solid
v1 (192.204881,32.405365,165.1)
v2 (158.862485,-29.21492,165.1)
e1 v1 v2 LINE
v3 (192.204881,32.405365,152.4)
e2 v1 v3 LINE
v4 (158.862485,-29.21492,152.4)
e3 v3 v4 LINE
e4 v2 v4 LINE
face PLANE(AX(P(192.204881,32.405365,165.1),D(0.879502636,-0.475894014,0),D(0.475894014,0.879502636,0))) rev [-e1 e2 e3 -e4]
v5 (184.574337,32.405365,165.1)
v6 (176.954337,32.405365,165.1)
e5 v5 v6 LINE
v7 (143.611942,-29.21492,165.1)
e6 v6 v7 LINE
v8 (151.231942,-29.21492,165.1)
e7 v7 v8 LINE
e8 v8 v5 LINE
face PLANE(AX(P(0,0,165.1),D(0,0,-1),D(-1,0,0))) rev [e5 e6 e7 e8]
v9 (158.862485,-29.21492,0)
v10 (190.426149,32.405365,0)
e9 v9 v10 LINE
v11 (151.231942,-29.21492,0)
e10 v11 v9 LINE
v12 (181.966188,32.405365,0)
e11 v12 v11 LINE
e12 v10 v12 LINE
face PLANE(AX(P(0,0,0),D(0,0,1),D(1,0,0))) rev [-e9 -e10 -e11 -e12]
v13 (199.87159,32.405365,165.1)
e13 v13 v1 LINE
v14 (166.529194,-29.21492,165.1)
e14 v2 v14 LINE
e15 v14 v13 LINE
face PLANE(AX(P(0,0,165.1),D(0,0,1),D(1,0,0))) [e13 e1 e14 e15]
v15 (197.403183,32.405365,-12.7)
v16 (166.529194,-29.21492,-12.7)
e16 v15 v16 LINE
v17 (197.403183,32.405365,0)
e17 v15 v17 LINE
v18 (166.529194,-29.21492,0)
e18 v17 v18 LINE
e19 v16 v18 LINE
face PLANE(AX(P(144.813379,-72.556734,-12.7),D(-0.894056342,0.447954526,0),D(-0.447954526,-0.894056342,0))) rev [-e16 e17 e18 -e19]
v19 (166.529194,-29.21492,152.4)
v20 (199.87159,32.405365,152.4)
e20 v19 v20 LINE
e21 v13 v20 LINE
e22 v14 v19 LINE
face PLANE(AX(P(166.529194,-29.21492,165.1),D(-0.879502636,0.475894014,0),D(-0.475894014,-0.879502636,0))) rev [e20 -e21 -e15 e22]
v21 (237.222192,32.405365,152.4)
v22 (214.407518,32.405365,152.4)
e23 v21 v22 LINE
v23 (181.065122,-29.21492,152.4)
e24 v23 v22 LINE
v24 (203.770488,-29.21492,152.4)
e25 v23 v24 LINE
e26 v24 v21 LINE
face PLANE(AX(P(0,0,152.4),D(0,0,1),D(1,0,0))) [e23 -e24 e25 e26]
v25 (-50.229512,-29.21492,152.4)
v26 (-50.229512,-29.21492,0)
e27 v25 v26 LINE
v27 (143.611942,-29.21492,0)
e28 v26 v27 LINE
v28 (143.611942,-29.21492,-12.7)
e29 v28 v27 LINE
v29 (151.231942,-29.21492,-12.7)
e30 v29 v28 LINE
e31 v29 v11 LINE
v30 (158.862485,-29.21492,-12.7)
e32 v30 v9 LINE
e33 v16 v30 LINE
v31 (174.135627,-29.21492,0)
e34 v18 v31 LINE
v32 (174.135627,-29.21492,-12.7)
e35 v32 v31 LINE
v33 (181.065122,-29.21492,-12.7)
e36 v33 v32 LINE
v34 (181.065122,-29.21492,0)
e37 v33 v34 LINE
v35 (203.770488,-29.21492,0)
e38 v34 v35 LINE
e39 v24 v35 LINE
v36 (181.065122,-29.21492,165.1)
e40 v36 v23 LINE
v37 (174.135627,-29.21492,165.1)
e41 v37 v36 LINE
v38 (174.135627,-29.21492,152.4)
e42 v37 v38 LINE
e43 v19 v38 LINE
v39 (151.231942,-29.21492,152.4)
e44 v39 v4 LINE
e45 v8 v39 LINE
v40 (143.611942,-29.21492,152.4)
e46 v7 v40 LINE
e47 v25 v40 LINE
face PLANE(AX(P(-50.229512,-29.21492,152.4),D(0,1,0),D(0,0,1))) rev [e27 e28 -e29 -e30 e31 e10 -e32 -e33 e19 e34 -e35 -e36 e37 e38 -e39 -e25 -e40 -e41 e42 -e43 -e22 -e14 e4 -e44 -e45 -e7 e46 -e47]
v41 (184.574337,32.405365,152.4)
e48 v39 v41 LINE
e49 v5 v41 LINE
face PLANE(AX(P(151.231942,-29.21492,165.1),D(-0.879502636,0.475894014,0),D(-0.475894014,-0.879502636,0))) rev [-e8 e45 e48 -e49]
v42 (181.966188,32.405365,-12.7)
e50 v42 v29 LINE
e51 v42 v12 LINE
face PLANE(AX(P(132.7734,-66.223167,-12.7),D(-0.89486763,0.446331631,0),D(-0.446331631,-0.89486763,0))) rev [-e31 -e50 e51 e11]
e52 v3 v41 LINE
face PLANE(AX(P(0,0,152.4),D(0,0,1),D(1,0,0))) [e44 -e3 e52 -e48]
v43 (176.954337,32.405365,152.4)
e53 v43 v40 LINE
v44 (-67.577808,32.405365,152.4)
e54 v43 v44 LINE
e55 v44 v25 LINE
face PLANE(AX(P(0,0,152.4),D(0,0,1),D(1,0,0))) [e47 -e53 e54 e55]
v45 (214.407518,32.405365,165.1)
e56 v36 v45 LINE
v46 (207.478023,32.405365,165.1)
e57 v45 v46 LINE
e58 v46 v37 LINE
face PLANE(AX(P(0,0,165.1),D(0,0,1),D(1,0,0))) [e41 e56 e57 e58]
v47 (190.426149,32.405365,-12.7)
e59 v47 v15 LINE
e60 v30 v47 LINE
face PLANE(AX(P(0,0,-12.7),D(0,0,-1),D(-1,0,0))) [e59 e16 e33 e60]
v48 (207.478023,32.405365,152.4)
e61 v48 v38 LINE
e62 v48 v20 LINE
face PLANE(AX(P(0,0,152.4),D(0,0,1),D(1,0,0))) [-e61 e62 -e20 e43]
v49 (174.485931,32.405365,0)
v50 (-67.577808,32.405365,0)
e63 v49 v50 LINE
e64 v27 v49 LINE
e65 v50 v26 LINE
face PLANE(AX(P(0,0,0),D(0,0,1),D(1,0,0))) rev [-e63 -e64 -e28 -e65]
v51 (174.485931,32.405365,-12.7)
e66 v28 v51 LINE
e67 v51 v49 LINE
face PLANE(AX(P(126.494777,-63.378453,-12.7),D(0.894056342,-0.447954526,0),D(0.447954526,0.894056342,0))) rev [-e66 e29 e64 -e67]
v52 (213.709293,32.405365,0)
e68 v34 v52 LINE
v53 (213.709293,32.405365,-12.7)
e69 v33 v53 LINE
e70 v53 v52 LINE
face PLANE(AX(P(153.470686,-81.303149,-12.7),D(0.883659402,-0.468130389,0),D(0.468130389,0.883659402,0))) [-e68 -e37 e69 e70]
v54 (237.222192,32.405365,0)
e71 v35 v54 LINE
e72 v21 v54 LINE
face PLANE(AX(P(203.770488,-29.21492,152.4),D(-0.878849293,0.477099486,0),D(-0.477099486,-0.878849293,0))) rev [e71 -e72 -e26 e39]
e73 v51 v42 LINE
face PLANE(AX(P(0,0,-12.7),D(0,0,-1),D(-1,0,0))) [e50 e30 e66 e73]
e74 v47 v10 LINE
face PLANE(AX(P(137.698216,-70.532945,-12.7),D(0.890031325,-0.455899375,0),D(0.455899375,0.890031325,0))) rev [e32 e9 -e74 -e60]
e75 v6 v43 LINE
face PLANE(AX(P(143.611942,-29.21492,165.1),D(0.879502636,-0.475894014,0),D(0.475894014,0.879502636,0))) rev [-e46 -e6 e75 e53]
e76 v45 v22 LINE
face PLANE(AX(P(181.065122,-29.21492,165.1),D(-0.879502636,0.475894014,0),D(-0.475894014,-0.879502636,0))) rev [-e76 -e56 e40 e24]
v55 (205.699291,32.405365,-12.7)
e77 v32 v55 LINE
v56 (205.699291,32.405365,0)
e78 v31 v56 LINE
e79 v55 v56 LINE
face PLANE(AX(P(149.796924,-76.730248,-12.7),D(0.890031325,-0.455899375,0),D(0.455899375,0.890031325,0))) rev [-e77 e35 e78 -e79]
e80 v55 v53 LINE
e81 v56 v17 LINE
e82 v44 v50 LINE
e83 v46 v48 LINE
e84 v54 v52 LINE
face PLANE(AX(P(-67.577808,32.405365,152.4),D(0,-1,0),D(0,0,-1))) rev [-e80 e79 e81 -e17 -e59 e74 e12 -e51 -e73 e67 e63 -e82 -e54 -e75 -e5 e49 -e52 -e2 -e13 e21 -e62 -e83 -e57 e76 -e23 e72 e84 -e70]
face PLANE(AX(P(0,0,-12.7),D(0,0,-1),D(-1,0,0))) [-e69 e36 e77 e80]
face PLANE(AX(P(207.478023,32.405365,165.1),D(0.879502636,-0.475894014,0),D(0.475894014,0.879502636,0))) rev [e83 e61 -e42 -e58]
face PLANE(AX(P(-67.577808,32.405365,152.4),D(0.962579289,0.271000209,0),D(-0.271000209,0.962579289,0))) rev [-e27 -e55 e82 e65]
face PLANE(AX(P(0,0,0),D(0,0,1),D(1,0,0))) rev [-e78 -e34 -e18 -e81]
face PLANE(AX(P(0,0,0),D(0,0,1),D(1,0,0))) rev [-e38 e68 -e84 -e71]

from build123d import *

# Parameters (mm, degrees)
BOSS_EXTRUDE1_DEPTH = 152.4
BOSS_EXTRUDE2_DEPTH = 12.7
BOSS_EXTRUDE4_DEPTH = 12.7


with BuildPart() as part:
    # Sketch1 → Boss-Extrude1 (new body)
    with BuildSketch(Plane.XY):
        Polygon((-67.57780806, 32.405365497), (237.22219194, 32.405365497), (203.770487766, -29.214920061), (-50.229512234, -29.214920061), align=None)
    extrude(amount=BOSS_EXTRUDE1_DEPTH)

    # Sketch2 → Boss-Extrude2 (add)
    with BuildSketch(Plane.XY.offset(152.4)):
        Polygon((181.065122105, -29.214920061), (214.407517956, 32.405365497), (207.478022529, 32.405365497), (174.135626677, -29.214920061), align=None)
        Polygon((166.529193842, -29.214920061), (199.871589694, 32.405365497), (192.204880741, 32.405365497), (158.862484889, -29.214920061), align=None)
        Polygon((151.231941607, -29.214920061), (184.574337458, 32.405365497), (176.954337458, 32.405365497), (143.611941607, -29.214920061), align=None)
    extrude(amount=BOSS_EXTRUDE2_DEPTH)

    # Sketch4 → Boss-Extrude4 (add)
    with BuildSketch(Plane(origin=(0, 0, 0), x_dir=(-1, 0, 0), z_dir=(0, 0, -1))):
        Polygon((-181.966188402, 32.405365497), (-151.231941607, -29.214920061), (-143.611941607, -29.214920061), (-174.485930726, 32.405365497), align=None)
        Polygon((-197.403182961, 32.405365497), (-166.529193842, -29.214920061), (-158.862484889, -29.214920061), (-190.426148903, 32.405365497), align=None)
        Polygon((-213.709292703, 32.405365497), (-181.065122105, -29.214920061), (-174.135626677, -29.214920061), (-205.699290692, 32.405365497), align=None)
    extrude(amount=BOSS_EXTRUDE4_DEPTH)


solid = part.part
